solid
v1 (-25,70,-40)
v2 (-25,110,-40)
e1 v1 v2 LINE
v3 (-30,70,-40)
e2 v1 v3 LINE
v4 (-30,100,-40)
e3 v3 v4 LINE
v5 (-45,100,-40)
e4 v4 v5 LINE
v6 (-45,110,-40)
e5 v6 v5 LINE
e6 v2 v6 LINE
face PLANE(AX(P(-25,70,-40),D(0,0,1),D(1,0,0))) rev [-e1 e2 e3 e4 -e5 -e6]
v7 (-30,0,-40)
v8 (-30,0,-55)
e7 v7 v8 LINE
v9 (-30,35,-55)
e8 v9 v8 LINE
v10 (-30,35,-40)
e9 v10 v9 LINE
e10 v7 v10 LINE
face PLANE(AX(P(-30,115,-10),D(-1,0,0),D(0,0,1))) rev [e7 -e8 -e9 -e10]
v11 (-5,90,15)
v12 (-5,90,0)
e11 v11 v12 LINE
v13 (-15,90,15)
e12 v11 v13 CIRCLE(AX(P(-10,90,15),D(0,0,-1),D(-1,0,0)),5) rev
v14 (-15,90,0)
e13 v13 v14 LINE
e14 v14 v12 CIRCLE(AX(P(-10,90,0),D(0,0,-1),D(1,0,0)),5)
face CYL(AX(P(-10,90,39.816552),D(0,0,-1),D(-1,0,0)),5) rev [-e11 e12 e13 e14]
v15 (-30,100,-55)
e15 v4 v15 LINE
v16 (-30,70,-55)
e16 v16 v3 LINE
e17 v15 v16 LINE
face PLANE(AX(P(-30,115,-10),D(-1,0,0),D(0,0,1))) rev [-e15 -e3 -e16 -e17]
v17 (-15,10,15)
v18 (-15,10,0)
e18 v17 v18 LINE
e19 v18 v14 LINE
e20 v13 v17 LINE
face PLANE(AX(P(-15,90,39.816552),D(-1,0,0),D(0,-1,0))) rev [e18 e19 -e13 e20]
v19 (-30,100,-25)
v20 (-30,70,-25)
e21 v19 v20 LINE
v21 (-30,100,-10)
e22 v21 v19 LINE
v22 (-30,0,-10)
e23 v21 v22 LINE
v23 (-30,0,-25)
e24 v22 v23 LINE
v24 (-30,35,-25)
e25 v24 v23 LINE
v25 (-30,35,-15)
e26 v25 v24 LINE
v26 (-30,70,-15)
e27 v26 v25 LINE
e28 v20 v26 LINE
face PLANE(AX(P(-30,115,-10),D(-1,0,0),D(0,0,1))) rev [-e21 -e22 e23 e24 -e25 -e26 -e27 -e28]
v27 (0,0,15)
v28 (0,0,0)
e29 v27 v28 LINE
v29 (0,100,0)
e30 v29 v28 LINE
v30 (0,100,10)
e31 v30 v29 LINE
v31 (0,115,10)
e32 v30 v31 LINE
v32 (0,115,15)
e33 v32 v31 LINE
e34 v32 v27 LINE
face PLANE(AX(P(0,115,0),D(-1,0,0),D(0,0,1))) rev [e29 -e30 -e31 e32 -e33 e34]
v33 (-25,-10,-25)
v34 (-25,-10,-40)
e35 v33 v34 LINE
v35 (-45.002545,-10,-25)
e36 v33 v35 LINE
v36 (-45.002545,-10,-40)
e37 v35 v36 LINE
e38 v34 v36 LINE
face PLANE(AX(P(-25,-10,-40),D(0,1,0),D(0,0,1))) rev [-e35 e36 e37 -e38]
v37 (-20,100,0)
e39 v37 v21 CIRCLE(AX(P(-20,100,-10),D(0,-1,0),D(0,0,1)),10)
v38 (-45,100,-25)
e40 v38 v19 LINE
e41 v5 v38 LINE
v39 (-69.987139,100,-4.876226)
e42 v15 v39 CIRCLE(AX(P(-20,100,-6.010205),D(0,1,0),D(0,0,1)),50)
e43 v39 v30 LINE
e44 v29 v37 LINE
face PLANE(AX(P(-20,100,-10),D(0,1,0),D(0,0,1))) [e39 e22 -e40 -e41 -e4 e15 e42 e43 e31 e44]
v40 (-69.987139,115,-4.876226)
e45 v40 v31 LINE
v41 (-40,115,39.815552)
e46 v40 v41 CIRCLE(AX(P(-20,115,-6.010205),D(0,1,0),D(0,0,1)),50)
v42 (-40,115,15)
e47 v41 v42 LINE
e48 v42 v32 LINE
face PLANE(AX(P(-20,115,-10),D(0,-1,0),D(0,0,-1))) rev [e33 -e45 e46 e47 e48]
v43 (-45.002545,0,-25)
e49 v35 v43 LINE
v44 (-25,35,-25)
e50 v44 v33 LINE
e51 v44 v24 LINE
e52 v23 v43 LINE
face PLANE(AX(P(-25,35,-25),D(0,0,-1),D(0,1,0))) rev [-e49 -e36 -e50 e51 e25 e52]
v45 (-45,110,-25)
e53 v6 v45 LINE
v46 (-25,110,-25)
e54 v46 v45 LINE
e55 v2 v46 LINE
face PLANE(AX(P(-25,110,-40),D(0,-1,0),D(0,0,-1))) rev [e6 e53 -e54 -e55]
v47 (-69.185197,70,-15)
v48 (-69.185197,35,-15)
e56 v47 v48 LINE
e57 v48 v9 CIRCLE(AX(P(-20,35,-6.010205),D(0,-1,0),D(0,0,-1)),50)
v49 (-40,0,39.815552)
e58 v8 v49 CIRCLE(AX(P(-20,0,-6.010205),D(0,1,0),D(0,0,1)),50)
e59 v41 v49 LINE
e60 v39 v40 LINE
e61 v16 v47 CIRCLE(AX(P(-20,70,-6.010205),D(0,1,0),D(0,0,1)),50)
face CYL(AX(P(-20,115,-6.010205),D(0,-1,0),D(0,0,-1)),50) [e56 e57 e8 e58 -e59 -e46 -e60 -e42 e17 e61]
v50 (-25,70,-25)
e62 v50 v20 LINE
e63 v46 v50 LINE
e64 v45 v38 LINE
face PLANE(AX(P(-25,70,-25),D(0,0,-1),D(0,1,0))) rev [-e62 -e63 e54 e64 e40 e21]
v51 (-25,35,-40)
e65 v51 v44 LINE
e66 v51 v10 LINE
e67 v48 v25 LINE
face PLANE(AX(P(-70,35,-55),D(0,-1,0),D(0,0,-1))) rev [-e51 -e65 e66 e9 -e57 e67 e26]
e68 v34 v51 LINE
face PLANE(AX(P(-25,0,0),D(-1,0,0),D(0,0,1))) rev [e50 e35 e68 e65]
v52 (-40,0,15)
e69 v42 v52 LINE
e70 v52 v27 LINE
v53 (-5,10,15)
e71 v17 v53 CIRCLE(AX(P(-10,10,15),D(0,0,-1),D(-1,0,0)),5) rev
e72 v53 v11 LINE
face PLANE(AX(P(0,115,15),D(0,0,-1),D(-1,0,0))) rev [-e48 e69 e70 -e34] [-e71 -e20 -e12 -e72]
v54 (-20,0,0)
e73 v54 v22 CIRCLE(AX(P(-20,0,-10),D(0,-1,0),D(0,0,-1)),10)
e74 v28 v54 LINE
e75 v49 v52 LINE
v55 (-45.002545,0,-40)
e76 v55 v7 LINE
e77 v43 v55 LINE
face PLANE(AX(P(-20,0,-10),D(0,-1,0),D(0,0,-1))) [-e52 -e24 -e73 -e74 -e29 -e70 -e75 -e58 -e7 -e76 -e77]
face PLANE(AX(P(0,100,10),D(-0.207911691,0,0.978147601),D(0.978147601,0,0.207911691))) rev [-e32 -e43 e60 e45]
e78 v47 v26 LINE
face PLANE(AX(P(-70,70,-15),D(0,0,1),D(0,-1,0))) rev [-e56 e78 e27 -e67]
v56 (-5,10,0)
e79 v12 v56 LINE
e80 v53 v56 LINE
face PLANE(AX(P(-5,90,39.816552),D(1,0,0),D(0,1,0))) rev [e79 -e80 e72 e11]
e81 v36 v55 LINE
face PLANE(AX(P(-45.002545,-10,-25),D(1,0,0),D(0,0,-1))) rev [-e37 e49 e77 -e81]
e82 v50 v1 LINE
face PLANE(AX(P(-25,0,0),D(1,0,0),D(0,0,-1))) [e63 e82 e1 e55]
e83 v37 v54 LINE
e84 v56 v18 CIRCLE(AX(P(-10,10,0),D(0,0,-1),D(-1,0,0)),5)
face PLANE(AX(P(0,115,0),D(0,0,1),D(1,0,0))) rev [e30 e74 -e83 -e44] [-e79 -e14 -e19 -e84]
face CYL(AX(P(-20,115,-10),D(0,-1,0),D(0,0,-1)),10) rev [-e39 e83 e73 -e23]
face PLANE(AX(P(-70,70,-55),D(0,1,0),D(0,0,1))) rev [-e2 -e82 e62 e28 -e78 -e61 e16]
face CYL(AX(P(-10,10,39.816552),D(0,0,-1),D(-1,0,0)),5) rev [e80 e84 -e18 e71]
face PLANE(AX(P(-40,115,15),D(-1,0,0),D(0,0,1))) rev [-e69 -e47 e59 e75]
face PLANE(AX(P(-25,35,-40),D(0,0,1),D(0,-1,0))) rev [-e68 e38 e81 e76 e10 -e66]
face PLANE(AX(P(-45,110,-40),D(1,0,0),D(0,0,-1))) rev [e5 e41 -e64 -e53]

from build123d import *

# Parameters (mm, degrees)
BOSS_EXTRUDE1_DEPTH = 115
SKETCH2_W           = 40
SKETCH2_H           = 35
CUT_EXTRUDE1_DEPTH  = 41
CUT_EXTRUDE2_REACH  = 41.816
SKETCH4_W           = 15
SKETCH4_H           = 45
SKETCH4_H_2         = 40
BOSS_EXTRUDE2_DEPTH = 5
CUT_EXTRUDE3_DEPTH  = 15
SKETCH7_W           = 15
SKETCH7_H           = 15
BOSS_EXTRUDE3_DEPTH = 10
SKETCH8_W           = 15.002545061
SKETCH8_H           = 15
BOSS_EXTRUDE4_DEPTH = 10


with BuildPart() as part:
    # Sketch1 → Boss-Extrude1 (new body)
    with BuildSketch(Plane(origin=(0, 0, 0), x_dir=(1, 0, 0), z_dir=(0, 1, 0))):
        with BuildLine():
            Line((0, 0), (0, -15))
            Line((0, -15), (-40, -15))
            Line((-40, -15), (-40, -39.815551805))
            ThreePointArc((-40, -39.815551805), (-69.724211568, 11.254514819), (-30, 55))
            Line((-30, 55), (-30, 10))
            ThreePointArc((-30, 10), (-27.071067812, 2.928932188), (-20, 0))
            Line((-20, 0), (0, 0))
        make_face()
    extrude(amount=BOSS_EXTRUDE1_DEPTH)

    # Sketch2 → Cut-Extrude1 (cut, through all)
    with BuildSketch(Plane(origin=(-30, 0, 0), x_dir=(0, 0, -1), z_dir=(1, 0, 0))):
        with Locations((35, 52.5)):
            Rectangle(SKETCH2_W, SKETCH2_H)
    extrude(amount=-CUT_EXTRUDE1_DEPTH, mode=Mode.SUBTRACT)

    # Sketch3 → Cut-Extrude2 (cut, up to next)
    with BuildSketch(Plane(origin=(0, 0, 0), x_dir=(-1, 0, 0), z_dir=(0, 0, -1)), mode=Mode.PRIVATE) as cut_extrude2_sk1:
        with BuildLine():
            Line((15, 90), (15, 10))
            ThreePointArc((15, 10), (10, 5), (5, 10))
            Line((5, 10), (5, 90))
            ThreePointArc((5, 90), (10, 95), (15, 90))
        make_face()
    cut_extrude2_tool1 = extrude(cut_extrude2_sk1.sketch, amount=-CUT_EXTRUDE2_REACH, mode=Mode.PRIVATE) & part.part
    add(cut_extrude2_tool1.solids().sort_by_distance((-10, 50, 0))[0], mode=Mode.SUBTRACT)

    # Sketch4 → Boss-Extrude2 (add)
    with BuildSketch(Plane(origin=(-30, 0, 0), x_dir=(0, 0, -1), z_dir=(1, 0, 0))):
        with Locations((32.5, 12.5)):
            Rectangle(SKETCH4_W, SKETCH4_H)
        with Locations((32.5, 90)):
            Rectangle(SKETCH4_W, SKETCH4_H_2)
    extrude(amount=BOSS_EXTRUDE2_DEPTH)

    # Sketch6 → Cut-Extrude3 (cut)
    with BuildSketch(Plane(origin=(0, 115, 0), x_dir=(1, 0, 0), z_dir=(0, 1, 0))):
        with BuildLine():
            Line((0, -10), (-69.987139252, 4.87622568))
            ThreePointArc((-69.987139252, 4.87622568), (-59.085961763, 37.191731616), (-30, 55))
            Line((-30, 55), (-30, 10))
            ThreePointArc((-30, 10), (-27.071067812, 2.928932188), (-20, 0))
            Line((-20, 0), (0, 0))
            Line((0, 0), (0, -10))
        make_face()
    extrude(amount=-CUT_EXTRUDE3_DEPTH, mode=Mode.SUBTRACT)

    # Sketch7 → Boss-Extrude3 (add)
    with BuildSketch(Plane(origin=(0, 100, 0), x_dir=(1, 0, 0), z_dir=(0, 1, 0))):
        with Locations((-37.5, 32.5)):
            Rectangle(SKETCH7_W, SKETCH7_H)
    extrude(amount=BOSS_EXTRUDE3_DEPTH)

    # Sketch8 → Boss-Extrude4 (add)
    with BuildSketch(Plane.XZ):
        with Locations((-37.501272531, -32.5)):
            Rectangle(SKETCH8_W, SKETCH8_H)
    extrude(amount=BOSS_EXTRUDE4_DEPTH)


solid = part.part
